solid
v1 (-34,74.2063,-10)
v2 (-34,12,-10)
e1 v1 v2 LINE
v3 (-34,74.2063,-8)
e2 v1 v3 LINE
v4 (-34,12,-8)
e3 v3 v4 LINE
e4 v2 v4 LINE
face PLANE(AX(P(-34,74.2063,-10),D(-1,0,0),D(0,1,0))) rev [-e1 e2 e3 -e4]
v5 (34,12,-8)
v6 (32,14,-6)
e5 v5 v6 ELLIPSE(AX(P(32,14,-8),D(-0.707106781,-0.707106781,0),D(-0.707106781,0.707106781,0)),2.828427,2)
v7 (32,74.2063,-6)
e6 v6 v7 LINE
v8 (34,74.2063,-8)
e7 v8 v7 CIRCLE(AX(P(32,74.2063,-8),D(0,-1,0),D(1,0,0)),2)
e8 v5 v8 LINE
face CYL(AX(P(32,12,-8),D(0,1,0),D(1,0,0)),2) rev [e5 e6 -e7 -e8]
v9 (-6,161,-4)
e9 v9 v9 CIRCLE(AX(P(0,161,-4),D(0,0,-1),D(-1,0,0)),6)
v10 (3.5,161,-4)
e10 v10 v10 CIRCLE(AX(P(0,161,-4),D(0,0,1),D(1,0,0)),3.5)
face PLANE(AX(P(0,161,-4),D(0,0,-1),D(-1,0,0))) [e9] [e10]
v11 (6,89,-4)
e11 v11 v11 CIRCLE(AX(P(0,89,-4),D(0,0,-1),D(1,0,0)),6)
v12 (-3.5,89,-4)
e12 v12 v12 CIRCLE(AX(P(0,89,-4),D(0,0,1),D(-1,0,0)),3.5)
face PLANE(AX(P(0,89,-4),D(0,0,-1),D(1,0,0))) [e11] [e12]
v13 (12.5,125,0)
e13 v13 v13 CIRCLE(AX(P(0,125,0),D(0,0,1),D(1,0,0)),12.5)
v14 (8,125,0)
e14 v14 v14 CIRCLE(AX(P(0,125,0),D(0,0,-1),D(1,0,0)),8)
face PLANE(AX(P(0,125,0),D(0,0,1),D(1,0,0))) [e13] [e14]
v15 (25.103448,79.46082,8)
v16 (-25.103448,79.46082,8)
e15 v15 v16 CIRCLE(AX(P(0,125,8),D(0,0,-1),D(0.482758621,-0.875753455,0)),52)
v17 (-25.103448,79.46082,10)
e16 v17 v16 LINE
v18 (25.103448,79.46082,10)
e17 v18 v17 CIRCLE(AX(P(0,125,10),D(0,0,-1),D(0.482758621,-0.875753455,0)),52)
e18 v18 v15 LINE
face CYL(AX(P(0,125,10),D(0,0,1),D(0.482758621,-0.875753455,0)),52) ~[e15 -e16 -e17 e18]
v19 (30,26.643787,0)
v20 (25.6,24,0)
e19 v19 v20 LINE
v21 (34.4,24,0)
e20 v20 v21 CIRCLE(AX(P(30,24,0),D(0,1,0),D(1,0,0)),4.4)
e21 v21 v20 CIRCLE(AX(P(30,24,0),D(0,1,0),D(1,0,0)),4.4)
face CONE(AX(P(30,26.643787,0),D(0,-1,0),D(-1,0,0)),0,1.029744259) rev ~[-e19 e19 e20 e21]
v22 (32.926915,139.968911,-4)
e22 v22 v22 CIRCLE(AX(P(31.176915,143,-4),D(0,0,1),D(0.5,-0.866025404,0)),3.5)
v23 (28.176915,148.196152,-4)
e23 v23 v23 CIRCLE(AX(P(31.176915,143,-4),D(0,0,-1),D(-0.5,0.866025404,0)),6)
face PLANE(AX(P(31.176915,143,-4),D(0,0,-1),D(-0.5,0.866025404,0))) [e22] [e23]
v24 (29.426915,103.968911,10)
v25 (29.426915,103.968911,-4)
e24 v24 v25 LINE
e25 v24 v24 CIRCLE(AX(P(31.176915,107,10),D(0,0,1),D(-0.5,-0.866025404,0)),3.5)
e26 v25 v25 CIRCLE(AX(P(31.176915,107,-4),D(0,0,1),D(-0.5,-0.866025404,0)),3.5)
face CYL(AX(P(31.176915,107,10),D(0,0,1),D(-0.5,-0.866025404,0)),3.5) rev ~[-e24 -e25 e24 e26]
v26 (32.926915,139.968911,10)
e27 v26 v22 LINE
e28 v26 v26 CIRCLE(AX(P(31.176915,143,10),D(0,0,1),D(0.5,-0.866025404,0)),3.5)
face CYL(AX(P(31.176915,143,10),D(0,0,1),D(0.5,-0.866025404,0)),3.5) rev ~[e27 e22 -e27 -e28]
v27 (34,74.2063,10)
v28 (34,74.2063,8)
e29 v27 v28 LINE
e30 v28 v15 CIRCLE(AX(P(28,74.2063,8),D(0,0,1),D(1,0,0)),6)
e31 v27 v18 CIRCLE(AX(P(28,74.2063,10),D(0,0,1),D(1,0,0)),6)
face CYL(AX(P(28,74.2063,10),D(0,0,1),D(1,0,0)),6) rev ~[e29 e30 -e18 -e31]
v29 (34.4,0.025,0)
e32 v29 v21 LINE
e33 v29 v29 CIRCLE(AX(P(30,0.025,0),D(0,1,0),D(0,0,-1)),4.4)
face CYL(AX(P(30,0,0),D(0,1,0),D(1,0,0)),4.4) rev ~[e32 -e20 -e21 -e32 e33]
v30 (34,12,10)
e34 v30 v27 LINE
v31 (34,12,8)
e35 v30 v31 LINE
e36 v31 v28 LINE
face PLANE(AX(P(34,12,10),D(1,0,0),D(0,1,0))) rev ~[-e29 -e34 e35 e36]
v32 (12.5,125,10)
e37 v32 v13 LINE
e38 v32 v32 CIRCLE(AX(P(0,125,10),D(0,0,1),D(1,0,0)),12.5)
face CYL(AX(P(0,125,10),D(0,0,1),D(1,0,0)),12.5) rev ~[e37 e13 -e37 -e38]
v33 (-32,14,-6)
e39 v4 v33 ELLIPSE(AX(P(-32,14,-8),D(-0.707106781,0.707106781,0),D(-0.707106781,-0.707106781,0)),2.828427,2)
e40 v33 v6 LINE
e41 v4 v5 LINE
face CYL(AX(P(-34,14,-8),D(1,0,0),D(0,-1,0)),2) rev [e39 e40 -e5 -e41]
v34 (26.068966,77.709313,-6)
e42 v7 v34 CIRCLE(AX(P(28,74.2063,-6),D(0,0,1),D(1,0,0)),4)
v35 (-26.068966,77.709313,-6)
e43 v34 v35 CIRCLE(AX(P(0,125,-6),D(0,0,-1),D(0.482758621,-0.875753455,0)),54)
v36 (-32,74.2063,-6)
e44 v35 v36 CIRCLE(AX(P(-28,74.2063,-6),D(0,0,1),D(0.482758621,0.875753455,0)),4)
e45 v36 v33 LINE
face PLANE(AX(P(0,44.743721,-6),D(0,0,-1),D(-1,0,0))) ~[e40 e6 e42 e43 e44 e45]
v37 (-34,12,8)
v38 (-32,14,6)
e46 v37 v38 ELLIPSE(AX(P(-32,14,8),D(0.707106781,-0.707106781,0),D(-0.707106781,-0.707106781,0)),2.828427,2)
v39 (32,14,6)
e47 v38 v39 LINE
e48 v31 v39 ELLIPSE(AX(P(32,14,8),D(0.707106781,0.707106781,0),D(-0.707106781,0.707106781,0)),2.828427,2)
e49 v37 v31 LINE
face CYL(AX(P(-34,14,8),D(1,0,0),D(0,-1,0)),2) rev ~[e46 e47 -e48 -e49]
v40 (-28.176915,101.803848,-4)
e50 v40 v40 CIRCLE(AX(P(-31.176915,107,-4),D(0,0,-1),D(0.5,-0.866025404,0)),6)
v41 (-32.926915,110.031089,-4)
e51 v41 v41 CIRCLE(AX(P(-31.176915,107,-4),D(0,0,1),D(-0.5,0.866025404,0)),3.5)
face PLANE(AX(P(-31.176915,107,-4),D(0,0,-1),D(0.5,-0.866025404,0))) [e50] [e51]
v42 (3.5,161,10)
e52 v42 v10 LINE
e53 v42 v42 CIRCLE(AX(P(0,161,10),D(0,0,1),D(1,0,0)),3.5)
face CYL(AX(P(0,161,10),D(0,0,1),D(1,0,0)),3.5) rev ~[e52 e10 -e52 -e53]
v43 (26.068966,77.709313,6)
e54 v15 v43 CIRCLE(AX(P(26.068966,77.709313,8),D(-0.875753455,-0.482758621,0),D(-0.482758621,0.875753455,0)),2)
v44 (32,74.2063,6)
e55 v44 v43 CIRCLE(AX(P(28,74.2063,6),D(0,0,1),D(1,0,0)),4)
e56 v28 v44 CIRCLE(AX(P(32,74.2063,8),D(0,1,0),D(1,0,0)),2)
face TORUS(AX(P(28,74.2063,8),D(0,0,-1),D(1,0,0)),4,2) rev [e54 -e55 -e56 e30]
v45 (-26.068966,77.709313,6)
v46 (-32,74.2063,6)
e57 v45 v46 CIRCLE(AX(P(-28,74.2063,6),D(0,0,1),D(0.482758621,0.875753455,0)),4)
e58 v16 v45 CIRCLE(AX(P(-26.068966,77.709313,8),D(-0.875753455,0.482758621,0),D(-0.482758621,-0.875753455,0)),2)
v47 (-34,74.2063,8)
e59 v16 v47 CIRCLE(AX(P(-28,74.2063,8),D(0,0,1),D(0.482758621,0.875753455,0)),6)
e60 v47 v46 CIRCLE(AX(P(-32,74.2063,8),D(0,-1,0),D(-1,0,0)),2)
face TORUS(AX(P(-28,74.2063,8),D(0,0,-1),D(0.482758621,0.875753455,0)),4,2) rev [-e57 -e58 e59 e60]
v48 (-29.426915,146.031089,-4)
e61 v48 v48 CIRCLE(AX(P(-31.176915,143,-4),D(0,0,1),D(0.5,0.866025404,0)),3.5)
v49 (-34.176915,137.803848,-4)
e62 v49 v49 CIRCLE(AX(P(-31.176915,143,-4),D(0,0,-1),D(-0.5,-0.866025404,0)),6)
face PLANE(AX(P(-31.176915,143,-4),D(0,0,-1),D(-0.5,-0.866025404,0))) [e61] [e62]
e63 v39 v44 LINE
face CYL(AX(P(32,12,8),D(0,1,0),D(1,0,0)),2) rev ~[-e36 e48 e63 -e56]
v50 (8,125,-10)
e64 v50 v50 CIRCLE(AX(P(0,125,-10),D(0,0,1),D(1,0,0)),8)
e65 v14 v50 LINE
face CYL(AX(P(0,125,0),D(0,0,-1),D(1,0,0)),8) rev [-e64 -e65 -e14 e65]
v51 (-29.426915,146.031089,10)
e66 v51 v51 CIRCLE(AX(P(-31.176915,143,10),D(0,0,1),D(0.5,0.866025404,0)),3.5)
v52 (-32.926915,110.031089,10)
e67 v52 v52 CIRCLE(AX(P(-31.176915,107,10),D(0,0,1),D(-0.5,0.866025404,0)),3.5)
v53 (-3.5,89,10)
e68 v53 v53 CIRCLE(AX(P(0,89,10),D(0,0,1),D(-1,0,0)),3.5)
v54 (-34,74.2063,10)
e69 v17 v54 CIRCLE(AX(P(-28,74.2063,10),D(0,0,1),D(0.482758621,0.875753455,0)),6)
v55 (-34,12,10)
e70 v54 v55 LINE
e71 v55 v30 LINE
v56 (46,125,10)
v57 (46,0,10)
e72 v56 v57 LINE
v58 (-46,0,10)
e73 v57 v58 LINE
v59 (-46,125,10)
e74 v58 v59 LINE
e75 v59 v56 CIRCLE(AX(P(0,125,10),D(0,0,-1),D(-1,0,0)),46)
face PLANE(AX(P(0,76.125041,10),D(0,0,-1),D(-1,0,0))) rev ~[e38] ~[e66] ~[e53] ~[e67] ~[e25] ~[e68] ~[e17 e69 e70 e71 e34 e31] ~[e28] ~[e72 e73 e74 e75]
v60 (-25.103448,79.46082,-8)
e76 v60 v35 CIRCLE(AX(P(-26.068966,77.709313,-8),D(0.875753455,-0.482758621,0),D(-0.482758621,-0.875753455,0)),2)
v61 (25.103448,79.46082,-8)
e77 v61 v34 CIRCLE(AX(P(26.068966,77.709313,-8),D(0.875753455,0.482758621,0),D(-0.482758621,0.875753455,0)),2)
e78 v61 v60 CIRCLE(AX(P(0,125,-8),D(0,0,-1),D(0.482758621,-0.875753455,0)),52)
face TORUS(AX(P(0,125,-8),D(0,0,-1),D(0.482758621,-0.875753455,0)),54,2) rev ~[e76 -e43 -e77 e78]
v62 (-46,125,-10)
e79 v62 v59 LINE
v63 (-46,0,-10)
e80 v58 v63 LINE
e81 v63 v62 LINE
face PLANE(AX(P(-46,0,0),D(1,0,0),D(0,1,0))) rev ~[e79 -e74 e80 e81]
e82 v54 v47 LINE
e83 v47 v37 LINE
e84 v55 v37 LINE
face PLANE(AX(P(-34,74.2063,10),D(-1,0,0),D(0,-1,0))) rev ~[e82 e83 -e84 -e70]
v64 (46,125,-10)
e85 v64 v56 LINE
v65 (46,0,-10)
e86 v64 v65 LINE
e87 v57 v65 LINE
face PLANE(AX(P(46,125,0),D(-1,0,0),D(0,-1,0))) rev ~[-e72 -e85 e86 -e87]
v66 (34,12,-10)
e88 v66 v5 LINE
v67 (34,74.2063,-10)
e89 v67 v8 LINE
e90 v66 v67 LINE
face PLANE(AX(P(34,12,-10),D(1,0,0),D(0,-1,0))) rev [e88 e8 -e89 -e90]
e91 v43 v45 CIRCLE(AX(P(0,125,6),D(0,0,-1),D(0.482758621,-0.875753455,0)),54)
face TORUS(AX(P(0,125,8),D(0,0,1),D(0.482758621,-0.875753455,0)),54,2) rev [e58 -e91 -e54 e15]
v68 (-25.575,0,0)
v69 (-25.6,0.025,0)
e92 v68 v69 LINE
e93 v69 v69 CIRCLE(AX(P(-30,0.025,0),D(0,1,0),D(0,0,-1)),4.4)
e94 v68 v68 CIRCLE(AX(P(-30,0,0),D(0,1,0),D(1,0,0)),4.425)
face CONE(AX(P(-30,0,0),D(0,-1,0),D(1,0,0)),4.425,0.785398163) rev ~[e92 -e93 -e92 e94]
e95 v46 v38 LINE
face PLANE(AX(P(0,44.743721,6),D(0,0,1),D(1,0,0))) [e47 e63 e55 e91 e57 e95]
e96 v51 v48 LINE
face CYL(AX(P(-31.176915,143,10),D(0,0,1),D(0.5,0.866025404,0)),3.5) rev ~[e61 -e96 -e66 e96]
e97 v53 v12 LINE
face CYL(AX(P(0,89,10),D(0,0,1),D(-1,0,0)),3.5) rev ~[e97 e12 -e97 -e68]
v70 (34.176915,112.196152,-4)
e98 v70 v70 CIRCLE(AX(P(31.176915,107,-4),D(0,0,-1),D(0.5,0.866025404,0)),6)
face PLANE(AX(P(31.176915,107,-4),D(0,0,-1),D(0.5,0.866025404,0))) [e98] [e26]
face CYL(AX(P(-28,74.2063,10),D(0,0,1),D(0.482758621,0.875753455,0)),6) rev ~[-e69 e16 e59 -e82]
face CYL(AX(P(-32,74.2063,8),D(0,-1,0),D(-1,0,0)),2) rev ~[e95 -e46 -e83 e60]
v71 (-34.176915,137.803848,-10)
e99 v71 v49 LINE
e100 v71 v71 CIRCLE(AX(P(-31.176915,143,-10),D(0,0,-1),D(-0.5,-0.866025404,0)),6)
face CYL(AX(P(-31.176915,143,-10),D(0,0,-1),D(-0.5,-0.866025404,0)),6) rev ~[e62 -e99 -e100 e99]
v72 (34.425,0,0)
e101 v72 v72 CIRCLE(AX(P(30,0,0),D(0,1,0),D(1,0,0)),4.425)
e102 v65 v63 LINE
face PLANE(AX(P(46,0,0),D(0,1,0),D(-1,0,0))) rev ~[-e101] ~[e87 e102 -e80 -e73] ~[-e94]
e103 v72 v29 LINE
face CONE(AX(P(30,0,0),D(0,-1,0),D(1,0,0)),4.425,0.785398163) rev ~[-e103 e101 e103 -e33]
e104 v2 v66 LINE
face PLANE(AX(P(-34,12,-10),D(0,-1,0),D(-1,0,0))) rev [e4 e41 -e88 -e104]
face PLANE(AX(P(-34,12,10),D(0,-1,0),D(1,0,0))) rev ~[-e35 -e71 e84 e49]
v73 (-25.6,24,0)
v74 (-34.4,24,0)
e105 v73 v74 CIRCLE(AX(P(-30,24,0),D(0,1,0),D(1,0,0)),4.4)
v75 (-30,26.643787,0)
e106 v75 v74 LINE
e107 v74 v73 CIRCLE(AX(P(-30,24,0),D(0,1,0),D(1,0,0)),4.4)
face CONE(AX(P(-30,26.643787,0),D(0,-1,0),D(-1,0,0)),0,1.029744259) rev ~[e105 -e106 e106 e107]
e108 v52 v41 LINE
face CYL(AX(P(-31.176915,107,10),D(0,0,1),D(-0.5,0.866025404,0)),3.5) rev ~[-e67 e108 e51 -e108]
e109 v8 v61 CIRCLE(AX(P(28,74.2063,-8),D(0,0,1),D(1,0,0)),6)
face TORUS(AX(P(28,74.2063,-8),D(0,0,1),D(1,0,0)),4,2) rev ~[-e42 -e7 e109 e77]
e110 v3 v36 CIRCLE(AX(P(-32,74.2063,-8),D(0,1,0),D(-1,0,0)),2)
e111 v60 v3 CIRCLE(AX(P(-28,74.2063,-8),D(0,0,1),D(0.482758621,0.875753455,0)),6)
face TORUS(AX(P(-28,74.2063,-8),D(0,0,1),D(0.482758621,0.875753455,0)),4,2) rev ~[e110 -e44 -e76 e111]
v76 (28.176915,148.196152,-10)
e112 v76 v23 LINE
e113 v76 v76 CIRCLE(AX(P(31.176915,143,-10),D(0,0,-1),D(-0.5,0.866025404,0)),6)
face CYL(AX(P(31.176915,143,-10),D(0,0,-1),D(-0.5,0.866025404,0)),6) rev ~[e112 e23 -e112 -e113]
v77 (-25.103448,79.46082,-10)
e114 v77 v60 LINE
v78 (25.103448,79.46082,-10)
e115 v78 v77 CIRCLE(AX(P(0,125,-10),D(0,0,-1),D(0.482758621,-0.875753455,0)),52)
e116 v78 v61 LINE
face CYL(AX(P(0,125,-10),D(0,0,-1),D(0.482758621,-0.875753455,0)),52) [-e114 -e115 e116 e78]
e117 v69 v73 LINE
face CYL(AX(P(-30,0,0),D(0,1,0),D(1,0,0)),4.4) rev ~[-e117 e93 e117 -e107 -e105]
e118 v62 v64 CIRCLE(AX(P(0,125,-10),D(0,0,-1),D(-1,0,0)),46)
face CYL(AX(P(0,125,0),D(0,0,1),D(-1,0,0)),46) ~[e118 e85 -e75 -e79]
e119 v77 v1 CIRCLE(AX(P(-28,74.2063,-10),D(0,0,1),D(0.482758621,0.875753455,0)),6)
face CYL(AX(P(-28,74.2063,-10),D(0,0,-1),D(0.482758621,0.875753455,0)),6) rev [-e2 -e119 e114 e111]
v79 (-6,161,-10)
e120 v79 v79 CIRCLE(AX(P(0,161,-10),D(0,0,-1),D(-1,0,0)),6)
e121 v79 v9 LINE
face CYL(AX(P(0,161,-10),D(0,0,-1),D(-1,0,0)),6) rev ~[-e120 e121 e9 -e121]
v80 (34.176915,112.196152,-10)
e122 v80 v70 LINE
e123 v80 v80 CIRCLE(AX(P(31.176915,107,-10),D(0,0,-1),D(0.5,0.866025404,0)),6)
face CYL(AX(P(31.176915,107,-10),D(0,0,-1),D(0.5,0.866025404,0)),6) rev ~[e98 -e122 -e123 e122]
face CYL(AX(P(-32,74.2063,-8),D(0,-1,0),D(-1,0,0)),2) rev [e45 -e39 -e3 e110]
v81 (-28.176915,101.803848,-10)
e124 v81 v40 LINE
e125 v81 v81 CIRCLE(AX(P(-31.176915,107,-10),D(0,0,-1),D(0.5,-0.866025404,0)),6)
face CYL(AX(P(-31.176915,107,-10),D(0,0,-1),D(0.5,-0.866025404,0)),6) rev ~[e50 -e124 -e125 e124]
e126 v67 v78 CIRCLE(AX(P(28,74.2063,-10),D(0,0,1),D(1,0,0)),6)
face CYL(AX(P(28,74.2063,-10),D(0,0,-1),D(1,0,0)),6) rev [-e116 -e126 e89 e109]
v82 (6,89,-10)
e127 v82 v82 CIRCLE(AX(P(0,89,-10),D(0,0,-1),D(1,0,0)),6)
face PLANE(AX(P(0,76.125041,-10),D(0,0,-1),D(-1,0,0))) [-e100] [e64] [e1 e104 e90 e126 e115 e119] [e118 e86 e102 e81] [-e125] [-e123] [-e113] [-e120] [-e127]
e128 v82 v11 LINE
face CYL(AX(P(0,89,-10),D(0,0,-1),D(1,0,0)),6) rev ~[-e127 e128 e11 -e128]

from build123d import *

# Parameters (mm, degrees)
SKETCH1_R                               = 8
BOSS_EXTRUDE1_DEPTH                     = 10
SKETCH3_R                               = 12.5
CUT_EXTRUDE1_DEPTH                      = 10
SKETCH4_R                               = 3.5
CUT_EXTRUDE2_DEPTH                      = 179.204938203
TAP_DRILL_FOR_M10X1_25_TAP1_D           = 8.8
TAP_DRILL_FOR_M10X1_25_TAP1_DEPTH       = 24
TAP_DRILL_FOR_M10X1_25_TAP1_CSINK_D     = 8.85
TAP_DRILL_FOR_M10X1_25_TAP1_CSINK_ANGLE = 90
TAP_DRILL_FOR_M10X1_25_TAP1_TIP         = 2.643786724
CUT_EXTRUDE4_DEPTH                      = 4
FILLET1_R                               = 2
FILLET1_OF_MIRROR1_R                    = 2
SKETCH9_R                               = 6
CUT_EXTRUDE5_DEPTH                      = 6
CIRPATTERN1_COUNT                       = 6


with BuildPart() as part:
    # Sketch1 → Boss-Extrude1 (new, symmetric)
    with BuildSketch(Plane.XY):
        with BuildLine():
            Line((46, 125), (46, 0))
            Line((46, 0), (-46, 0))
            Line((-46, 0), (-46, 125))
            ThreePointArc((-46, 125), (0, 171), (46, 125))
        make_face()
        with Locations((0, 125)):
            Circle(SKETCH1_R, mode=Mode.SUBTRACT)
    extrude(amount=BOSS_EXTRUDE1_DEPTH, both=True)

    # Sketch3 → Cut-Extrude1 (cut)
    with BuildSketch(Plane.XY.offset(10)):
        with Locations((0, 125)):
            Circle(SKETCH3_R)
    extrude(amount=-CUT_EXTRUDE1_DEPTH, mode=Mode.SUBTRACT)

    # Sketch4 → Cut-Extrude2 (cut, through all)
    with BuildSketch(Plane.XY.offset(10)):
        with Locations((0, 161)):
            Circle(SKETCH4_R)
    cut_extrude2 = extrude(amount=-CUT_EXTRUDE2_DEPTH, mode=Mode.SUBTRACT)

    # Tap Drill for M10x1.25 Tap1
    with Locations(Plane(origin=(0, 0, 0), x_dir=(-1, 0, 0), z_dir=(0, -1, 0))):
        with Locations((-30, 0), (30, 0)):
            CounterSinkHole(TAP_DRILL_FOR_M10X1_25_TAP1_D / 2, TAP_DRILL_FOR_M10X1_25_TAP1_CSINK_D / 2, depth=TAP_DRILL_FOR_M10X1_25_TAP1_DEPTH, counter_sink_angle=TAP_DRILL_FOR_M10X1_25_TAP1_CSINK_ANGLE)
            with Locations((0, 0, -(TAP_DRILL_FOR_M10X1_25_TAP1_DEPTH + TAP_DRILL_FOR_M10X1_25_TAP1_TIP / 2))):  # 118° drill point
                Cone(0, TAP_DRILL_FOR_M10X1_25_TAP1_D / 2, TAP_DRILL_FOR_M10X1_25_TAP1_TIP, mode=Mode.SUBTRACT)

    # Sketch8 → Cut-Extrude4 (cut)
    with BuildSketch(Plane.XY.offset(10)):
        with BuildLine():
            Line((-34, 74.206299603), (-34, 12))
            Line((-34, 12), (34, 12))
            Line((34, 12), (34, 74.206299603))
            ThreePointArc((34, 74.206299603), (31.051285766, 79.372502771), (25.103448276, 79.460820334))
            ThreePointArc((25.103448276, 79.460820334), (0, 73), (-25.103448276, 79.460820334))
            ThreePointArc((-25.103448276, 79.460820334), (-31.051285766, 79.372502771), (-34, 74.206299603))
        make_face()
    cut_extrude4 = extrude(amount=-CUT_EXTRUDE4_DEPTH, mode=Mode.SUBTRACT)

    # Fillet1
    fillet1_edges = [part.edges().sort_by_distance(p)[0] for p in [
        (31.051285766, 79.372502771, 6),
        (34, 43.103149802, 6),
        (0, 12, 6),
        (-34, 43.103149802, 6),
        (-31.051285766, 79.372502771, 6),
        (0, 73, 6),
    ]]
    fillet(fillet1_edges, radius=FILLET1_R)

    # Mirror1: Cut-Extrude4 across plane
    add(cut_extrude4.mirror(Plane.XY), mode=Mode.SUBTRACT)

    # Fillet1 of Mirror1
    fillet1_of_mirror1_edges = [part.edges().sort_by_distance(p)[0] for p in [
        (31.051285766, 79.372502771, -6),
        (34, 43.103149802, -6),
        (0, 12, -6),
        (-34, 43.103149802, -6),
        (-31.051285766, 79.372502771, -6),
        (0, 73, -6),
    ]]
    fillet(fillet1_of_mirror1_edges, radius=FILLET1_OF_MIRROR1_R)

    # Sketch9 → Cut-Extrude5 (cut)
    with BuildSketch(Plane(origin=(0, 0, -10), x_dir=(-1, 0, 0), z_dir=(0, 0, -1))):
        with Locations((0, 161)):
            Circle(SKETCH9_R)
    cut_extrude5 = extrude(amount=-CUT_EXTRUDE5_DEPTH, mode=Mode.SUBTRACT)

    # CirPattern1: Cut-Extrude2, Cut-Extrude5 ×6 about axis
    cirpattern1_axis = Axis((0, 125, 0), (0, 0, 1))
    add([cut_extrude2.rotate(cirpattern1_axis, i * 360 / CIRPATTERN1_COUNT) for i in range(1, CIRPATTERN1_COUNT)], mode=Mode.SUBTRACT)
    add([cut_extrude5.rotate(cirpattern1_axis, i * 360 / CIRPATTERN1_COUNT) for i in range(1, CIRPATTERN1_COUNT)], mode=Mode.SUBTRACT)


solid = part.part
